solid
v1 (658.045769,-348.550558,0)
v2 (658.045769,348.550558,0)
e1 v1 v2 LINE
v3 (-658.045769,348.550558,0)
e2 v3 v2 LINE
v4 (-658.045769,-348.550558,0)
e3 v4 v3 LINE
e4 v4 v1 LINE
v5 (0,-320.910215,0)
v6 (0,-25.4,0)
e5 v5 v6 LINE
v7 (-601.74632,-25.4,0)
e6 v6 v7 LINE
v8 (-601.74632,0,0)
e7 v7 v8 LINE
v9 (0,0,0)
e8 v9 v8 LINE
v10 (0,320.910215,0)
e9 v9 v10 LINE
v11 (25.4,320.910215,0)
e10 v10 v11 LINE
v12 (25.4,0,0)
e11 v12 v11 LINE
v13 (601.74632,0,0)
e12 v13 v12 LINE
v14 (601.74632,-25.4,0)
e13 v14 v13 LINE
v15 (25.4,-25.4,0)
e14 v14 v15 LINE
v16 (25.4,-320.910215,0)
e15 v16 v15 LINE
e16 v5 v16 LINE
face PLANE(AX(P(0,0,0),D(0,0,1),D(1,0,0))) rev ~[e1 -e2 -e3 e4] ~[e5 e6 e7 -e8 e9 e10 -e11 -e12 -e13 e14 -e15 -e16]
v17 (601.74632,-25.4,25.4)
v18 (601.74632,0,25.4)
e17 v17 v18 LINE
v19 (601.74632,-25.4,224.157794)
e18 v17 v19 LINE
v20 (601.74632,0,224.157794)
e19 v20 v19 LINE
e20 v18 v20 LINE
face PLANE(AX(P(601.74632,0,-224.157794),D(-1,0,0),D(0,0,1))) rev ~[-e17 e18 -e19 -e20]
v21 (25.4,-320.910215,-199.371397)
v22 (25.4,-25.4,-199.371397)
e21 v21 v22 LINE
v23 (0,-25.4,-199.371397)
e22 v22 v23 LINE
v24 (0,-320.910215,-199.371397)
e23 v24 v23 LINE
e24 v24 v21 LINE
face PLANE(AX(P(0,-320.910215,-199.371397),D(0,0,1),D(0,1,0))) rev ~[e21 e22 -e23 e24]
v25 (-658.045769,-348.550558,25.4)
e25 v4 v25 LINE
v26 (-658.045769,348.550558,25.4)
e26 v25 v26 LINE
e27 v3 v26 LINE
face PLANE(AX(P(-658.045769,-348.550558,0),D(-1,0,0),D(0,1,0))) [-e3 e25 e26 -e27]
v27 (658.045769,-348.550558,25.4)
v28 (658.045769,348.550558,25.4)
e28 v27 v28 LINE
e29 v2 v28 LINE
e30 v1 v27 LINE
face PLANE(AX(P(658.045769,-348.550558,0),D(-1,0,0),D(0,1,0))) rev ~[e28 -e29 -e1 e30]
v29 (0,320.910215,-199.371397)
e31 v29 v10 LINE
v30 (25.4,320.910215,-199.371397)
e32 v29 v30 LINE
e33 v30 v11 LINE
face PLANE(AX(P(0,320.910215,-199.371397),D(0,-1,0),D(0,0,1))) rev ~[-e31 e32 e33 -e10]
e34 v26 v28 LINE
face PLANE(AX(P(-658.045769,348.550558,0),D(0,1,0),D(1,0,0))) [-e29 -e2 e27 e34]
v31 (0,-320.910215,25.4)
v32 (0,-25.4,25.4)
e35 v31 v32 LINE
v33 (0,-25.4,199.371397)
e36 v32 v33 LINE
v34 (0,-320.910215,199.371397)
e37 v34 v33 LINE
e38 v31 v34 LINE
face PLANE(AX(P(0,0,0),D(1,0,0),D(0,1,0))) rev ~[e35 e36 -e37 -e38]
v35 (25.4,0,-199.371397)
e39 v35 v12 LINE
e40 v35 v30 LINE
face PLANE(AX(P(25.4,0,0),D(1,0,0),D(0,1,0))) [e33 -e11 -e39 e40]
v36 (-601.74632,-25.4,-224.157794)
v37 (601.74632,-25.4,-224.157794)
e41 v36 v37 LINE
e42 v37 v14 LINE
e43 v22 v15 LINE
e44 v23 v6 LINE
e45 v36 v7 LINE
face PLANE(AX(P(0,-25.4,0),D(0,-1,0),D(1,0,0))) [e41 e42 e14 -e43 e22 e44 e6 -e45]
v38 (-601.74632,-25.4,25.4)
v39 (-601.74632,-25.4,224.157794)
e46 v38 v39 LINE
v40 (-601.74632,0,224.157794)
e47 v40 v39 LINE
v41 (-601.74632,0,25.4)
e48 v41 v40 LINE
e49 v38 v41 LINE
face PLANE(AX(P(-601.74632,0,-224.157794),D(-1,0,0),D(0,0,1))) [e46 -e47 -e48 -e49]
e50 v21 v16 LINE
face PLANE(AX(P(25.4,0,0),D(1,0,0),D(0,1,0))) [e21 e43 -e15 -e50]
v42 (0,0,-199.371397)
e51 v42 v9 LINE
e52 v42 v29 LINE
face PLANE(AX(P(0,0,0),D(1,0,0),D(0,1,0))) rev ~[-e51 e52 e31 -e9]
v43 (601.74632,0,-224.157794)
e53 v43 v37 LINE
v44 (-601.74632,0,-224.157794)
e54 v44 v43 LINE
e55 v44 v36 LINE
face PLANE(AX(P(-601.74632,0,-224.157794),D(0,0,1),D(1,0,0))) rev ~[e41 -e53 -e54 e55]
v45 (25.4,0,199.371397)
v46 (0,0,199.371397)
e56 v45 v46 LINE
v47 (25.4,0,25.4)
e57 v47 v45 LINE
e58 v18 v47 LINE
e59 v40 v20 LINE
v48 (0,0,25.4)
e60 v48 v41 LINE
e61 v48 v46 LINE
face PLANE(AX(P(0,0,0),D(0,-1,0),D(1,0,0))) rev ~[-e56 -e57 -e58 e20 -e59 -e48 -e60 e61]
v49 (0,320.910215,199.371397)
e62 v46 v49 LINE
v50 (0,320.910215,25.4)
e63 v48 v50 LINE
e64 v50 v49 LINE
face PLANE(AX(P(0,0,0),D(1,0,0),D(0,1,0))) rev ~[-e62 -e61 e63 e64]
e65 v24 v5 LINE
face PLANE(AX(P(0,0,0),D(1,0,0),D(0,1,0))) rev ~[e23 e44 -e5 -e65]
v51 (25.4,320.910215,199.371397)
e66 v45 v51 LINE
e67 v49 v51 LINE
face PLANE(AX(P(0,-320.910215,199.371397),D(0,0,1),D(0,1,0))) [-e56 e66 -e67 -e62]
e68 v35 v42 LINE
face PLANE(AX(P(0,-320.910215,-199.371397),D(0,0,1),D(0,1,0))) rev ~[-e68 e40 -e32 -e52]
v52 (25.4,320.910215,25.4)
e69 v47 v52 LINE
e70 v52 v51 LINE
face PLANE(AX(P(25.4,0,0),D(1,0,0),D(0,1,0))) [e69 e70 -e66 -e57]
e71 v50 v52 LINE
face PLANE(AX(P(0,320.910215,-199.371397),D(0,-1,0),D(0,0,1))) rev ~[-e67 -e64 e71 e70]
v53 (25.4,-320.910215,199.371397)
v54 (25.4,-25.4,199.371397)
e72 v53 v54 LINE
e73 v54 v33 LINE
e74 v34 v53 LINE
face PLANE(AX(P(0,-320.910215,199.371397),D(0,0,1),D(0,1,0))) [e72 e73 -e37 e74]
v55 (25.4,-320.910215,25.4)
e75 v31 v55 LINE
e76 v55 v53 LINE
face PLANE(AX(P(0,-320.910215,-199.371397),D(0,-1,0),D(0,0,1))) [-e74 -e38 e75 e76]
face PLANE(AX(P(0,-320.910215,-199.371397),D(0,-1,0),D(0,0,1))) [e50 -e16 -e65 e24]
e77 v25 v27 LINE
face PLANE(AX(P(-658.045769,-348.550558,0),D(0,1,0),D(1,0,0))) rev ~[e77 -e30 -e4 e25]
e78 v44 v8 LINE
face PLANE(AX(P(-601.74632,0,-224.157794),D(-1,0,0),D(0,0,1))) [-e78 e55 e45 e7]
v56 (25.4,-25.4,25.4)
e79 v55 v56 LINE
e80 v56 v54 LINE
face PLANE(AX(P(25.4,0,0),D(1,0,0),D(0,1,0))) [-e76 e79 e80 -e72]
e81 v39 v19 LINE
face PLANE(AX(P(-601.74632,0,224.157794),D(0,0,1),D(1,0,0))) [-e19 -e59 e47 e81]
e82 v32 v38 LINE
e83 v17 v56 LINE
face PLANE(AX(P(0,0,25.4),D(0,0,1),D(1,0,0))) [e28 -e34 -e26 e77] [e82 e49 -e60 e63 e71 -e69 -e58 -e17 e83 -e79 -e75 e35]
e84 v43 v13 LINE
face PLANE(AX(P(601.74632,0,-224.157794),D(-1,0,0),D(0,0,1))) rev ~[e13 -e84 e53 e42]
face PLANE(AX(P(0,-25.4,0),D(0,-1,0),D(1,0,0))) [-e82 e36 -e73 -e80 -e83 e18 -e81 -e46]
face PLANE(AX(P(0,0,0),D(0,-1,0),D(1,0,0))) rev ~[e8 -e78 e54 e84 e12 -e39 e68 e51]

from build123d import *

# Parameters (mm, degrees)
F0_W     = 1203.49264
F0_H     = 448.315588
F1_DEPTH = 25.4
F2_W     = 1316.091538
F2_H     = 697.101116
F3_DEPTH = 25.4
F4_W     = 641.82043
F4_H     = 398.742794
F5_DEPTH = 25.4


with BuildPart() as f1:
    # F0 (on Front) → F1 (new body)
    with BuildSketch(Plane.XZ):
        Rectangle(F0_W, F0_H)
    extrude(amount=F1_DEPTH)

    # F2 (on Top) → F3 (join)
    with BuildSketch(Plane.XY):
        Rectangle(F2_W, F2_H)
    extrude(amount=F3_DEPTH)

    # F4 (on Right) → F5 (join)
    with BuildSketch(Plane.YZ):
        Rectangle(F4_W, F4_H)
    extrude(amount=F5_DEPTH)


solid = f1.part
